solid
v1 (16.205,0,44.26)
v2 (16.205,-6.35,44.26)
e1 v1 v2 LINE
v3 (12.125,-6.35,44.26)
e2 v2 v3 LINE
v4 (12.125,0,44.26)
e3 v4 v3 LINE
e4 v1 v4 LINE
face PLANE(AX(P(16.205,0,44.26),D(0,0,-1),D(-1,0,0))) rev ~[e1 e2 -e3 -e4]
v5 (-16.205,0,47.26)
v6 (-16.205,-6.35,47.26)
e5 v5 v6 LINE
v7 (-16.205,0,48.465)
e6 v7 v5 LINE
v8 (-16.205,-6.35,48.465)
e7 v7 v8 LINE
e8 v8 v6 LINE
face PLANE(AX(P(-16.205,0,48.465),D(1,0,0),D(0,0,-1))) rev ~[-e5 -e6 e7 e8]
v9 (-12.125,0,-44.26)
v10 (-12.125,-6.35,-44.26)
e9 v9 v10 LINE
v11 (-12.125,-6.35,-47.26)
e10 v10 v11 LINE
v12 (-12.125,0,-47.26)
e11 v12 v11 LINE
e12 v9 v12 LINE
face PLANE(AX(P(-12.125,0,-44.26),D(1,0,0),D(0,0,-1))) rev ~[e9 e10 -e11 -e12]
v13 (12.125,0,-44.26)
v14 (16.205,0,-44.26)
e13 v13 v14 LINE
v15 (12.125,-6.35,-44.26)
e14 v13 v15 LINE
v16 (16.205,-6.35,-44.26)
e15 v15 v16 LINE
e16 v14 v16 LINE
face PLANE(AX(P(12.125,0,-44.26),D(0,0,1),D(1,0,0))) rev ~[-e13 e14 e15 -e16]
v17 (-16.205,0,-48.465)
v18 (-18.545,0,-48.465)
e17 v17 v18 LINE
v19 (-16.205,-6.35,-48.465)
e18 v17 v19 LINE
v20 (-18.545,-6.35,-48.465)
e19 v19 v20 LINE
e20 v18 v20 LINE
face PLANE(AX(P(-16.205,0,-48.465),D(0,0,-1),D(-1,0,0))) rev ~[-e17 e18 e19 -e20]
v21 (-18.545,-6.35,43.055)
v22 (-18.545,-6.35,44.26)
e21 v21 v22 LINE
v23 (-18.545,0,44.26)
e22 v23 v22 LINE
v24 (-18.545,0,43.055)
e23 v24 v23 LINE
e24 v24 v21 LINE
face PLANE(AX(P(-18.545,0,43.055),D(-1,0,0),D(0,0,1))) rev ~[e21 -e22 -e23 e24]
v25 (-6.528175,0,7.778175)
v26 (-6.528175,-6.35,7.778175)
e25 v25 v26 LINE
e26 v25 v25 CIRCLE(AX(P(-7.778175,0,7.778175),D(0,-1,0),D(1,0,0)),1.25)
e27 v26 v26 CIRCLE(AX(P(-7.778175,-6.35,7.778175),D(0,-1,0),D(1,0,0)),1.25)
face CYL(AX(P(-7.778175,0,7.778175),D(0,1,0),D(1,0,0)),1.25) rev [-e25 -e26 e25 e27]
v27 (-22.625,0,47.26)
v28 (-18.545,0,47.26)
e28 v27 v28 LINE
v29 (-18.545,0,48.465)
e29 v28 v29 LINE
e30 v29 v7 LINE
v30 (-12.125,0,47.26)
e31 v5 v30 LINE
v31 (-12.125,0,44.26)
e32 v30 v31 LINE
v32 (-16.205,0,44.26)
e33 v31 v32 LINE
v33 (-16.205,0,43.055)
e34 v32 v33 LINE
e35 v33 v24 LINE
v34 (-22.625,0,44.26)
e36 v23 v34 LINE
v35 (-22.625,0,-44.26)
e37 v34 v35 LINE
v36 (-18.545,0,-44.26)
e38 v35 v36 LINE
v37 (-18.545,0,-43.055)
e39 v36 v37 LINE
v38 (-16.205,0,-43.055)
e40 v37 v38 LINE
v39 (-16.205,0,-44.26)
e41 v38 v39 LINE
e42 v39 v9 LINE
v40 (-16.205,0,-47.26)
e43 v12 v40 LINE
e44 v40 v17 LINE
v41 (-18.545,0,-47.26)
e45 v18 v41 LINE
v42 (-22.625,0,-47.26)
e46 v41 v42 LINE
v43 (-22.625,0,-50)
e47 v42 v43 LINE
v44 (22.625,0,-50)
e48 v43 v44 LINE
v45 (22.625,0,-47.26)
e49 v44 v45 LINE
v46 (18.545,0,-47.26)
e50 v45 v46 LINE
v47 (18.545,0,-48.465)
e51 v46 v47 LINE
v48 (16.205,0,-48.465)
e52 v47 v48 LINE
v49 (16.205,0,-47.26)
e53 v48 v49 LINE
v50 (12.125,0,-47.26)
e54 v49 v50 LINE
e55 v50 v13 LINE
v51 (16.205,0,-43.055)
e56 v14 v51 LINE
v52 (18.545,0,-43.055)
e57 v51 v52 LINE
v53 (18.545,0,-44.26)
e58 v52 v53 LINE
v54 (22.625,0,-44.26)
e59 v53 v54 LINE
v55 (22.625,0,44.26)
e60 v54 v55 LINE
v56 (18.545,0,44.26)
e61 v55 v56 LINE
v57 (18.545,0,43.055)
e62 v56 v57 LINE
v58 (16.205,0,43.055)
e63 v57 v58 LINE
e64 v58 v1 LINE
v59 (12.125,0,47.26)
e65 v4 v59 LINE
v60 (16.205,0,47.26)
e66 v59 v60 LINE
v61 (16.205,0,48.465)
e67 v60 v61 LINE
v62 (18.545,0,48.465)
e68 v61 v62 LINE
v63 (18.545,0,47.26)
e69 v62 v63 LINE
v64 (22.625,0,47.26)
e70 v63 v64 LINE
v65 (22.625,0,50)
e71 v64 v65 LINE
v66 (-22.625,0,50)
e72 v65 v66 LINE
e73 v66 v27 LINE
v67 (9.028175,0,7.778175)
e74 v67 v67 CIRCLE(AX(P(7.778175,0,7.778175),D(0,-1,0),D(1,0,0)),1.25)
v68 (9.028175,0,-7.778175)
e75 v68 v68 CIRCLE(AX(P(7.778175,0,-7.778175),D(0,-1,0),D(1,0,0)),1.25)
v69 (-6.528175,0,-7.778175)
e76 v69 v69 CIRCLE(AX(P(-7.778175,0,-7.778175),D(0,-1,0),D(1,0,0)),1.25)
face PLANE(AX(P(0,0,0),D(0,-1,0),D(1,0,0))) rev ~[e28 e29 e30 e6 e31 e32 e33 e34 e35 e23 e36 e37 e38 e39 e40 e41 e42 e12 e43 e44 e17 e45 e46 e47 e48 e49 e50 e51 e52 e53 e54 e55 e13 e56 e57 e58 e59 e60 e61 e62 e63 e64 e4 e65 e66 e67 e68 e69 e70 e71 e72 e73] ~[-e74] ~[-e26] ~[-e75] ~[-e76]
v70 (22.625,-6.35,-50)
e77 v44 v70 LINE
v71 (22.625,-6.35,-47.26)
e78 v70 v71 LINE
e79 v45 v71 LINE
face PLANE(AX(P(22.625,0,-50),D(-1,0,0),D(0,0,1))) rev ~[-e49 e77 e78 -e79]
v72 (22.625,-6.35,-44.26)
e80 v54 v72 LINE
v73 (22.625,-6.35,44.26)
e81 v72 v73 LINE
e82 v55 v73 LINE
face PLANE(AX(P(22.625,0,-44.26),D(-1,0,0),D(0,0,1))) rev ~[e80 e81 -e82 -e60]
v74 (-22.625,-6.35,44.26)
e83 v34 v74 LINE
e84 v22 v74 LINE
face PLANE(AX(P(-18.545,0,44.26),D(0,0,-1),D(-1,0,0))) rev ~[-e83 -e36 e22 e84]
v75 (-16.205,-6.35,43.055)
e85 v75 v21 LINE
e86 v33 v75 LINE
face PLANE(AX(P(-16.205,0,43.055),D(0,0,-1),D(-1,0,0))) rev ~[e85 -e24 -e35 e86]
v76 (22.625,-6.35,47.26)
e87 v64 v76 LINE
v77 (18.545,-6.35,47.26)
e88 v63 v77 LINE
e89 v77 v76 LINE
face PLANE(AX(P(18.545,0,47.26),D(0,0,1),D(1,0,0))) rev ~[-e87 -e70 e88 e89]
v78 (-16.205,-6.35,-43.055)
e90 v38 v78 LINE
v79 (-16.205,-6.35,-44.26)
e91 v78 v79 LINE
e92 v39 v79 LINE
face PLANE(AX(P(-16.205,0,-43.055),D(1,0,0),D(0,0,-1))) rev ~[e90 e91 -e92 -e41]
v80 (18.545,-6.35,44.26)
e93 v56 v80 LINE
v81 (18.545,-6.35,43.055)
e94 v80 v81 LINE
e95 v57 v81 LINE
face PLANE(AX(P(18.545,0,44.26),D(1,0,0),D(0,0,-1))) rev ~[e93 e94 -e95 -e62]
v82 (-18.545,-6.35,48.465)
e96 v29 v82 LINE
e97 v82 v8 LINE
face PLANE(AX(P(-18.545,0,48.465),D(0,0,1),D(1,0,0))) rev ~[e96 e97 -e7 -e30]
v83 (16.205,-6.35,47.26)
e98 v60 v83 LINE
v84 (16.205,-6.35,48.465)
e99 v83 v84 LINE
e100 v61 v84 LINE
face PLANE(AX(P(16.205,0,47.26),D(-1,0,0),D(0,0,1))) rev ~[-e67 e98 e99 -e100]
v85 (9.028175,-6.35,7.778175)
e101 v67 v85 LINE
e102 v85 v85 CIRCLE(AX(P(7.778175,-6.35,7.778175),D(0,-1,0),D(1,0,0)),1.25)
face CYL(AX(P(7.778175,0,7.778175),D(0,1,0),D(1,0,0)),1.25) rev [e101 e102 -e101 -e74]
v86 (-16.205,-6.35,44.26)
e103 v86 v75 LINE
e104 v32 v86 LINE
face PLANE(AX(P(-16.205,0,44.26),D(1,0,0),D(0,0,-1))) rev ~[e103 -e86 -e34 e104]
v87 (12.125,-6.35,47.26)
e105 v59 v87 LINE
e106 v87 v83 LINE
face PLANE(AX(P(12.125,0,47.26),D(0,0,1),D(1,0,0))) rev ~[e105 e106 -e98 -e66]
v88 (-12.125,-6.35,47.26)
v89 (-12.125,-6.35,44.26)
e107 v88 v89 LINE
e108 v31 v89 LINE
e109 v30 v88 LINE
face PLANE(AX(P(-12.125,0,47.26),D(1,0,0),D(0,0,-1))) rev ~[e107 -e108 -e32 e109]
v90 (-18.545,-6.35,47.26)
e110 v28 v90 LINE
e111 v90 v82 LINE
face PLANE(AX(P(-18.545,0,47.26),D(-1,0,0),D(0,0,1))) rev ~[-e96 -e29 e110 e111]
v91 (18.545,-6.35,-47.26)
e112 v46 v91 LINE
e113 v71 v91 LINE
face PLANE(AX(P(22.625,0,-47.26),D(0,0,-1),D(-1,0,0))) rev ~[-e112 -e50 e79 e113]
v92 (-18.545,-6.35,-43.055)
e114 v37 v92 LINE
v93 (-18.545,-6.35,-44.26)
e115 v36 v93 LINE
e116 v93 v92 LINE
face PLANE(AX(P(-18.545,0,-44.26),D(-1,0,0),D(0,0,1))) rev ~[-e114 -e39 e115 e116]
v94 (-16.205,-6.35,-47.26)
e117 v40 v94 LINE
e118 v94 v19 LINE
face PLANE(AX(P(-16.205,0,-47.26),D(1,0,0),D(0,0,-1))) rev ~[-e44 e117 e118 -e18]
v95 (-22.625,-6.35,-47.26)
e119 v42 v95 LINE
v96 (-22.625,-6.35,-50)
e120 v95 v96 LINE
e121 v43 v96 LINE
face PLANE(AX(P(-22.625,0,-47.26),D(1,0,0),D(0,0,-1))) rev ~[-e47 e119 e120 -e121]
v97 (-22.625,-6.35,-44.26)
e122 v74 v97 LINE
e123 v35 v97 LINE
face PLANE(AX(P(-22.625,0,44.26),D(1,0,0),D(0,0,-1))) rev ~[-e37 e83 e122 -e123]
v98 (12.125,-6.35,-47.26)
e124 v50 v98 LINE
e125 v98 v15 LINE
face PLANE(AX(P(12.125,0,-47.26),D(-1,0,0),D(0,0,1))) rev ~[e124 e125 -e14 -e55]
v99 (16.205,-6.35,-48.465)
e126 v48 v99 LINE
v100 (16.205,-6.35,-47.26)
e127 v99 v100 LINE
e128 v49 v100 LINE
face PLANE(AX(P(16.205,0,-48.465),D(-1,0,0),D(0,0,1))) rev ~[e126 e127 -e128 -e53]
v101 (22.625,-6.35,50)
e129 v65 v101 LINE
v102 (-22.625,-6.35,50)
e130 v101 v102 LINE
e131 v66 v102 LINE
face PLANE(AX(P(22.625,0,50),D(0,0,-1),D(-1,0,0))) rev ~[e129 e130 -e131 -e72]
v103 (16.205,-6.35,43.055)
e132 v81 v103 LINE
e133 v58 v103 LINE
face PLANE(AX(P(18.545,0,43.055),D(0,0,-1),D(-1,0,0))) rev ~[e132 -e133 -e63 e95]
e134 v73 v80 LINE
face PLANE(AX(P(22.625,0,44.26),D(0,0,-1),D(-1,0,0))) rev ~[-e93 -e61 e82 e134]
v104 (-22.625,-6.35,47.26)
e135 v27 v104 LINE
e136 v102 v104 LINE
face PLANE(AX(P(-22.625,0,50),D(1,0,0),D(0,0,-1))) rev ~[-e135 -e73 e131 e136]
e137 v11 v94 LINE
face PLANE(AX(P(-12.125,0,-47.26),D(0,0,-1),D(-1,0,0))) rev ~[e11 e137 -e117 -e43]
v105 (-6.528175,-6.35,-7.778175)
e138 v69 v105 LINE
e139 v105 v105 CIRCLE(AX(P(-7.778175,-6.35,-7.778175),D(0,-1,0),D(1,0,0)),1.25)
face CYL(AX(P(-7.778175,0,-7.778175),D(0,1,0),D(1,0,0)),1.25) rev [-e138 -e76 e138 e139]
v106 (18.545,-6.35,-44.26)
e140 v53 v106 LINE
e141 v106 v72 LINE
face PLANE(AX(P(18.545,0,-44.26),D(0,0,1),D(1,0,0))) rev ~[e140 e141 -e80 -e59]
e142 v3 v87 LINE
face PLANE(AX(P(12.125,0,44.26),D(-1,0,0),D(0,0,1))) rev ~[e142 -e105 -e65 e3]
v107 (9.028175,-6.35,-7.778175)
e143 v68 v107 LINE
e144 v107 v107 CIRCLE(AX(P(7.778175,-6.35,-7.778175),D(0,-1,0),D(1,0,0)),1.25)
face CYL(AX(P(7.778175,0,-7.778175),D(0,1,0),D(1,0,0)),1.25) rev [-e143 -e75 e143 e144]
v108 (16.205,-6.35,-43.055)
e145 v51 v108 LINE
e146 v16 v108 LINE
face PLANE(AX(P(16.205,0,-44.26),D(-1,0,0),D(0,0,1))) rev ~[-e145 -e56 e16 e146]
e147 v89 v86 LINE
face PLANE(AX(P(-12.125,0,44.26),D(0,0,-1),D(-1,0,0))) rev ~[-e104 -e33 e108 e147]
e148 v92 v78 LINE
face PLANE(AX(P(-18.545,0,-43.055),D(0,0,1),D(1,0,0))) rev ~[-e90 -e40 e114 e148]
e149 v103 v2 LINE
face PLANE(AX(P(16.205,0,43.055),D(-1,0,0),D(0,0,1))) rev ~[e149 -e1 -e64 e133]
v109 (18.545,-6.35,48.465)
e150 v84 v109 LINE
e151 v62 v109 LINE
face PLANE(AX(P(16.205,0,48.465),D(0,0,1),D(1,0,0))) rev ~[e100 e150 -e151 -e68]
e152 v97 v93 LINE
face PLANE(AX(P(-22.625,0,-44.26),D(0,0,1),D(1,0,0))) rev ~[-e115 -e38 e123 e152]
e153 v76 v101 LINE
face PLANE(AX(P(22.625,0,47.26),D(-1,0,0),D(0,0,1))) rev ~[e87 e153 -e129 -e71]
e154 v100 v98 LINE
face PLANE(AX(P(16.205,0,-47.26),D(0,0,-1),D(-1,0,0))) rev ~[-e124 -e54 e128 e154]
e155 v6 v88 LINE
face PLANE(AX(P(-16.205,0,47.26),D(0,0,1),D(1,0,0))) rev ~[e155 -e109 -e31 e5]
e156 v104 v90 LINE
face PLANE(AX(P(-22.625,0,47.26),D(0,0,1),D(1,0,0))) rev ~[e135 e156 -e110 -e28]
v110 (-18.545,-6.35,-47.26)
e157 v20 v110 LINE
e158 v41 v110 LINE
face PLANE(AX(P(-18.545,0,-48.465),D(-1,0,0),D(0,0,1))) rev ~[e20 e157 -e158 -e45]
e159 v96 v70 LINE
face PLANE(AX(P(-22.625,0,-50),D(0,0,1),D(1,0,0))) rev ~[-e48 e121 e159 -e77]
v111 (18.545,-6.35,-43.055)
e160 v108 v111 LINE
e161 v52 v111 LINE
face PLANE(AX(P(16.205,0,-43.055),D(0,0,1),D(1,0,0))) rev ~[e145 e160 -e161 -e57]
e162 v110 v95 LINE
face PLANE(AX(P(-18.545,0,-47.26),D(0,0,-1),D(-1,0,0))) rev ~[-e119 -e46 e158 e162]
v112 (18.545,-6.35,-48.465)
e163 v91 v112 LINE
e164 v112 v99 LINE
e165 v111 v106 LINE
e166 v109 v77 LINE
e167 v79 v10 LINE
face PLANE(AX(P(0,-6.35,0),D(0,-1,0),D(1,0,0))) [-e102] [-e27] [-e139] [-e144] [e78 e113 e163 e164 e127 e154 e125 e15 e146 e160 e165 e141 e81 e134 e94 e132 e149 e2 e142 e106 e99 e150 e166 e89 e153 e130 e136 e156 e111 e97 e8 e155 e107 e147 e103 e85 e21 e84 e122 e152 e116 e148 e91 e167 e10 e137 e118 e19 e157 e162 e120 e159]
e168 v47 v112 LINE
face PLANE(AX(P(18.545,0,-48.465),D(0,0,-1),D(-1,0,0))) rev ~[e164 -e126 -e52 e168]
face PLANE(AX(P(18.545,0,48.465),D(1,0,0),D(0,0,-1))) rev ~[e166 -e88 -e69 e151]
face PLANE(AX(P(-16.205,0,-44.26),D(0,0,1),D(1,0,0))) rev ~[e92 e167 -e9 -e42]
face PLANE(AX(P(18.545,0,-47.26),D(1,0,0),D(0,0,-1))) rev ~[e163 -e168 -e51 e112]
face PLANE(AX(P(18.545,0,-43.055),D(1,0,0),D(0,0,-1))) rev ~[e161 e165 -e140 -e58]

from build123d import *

# Parameters (mm, degrees)
F0_R     = 1.25
F1_DEPTH = 6.35


with BuildPart() as f1:
    # F0 (on Front) → F1 (new body)
    with BuildSketch(Plane.XZ):
        Polygon((22.625, 47.26), (22.625, 50), (-22.625, 50), (-22.625, 47.26), (-18.545, 47.26), (-18.545, 48.465), (-16.205, 48.465), (-16.205, 47.26), (-12.125, 47.26), (-12.125, 44.26), (-16.205, 44.26), (-16.205, 43.055), (-18.545, 43.055), (-18.545, 44.26), (-22.625, 44.26), (-22.625, -44.26), (-18.545, -44.26), (-18.545, -43.055), (-16.205, -43.055), (-16.205, -44.26), (-12.125, -44.26), (-12.125, -47.26), (-16.205, -47.26), (-16.205, -48.465), (-18.545, -48.465), (-18.545, -47.26), (-22.625, -47.26), (-22.625, -50), (22.625, -50), (22.625, -47.26), (18.545, -47.26), (18.545, -48.465), (16.205, -48.465), (16.205, -47.26), (12.125, -47.26), (12.125, -44.26), (16.205, -44.26), (16.205, -43.055), (18.545, -43.055), (18.545, -44.26), (22.625, -44.26), (22.625, 44.26), (18.545, 44.26), (18.545, 43.055), (16.205, 43.055), (16.205, 44.26), (12.125, 44.26), (12.125, 47.26), (16.205, 47.26), (16.205, 48.465), (18.545, 48.465), (18.545, 47.26), align=None)
        with Locations((-7.778175, -7.778175)):
            Circle(F0_R, mode=Mode.SUBTRACT)
        with Locations((7.778175, -7.778175)):
            Circle(F0_R, mode=Mode.SUBTRACT)
        with Locations((-7.778175, 7.778175)):
            Circle(F0_R, mode=Mode.SUBTRACT)
        with Locations((7.778175, 7.778175)):
            Circle(F0_R, mode=Mode.SUBTRACT)
    extrude(amount=F1_DEPTH)


solid = f1.part
